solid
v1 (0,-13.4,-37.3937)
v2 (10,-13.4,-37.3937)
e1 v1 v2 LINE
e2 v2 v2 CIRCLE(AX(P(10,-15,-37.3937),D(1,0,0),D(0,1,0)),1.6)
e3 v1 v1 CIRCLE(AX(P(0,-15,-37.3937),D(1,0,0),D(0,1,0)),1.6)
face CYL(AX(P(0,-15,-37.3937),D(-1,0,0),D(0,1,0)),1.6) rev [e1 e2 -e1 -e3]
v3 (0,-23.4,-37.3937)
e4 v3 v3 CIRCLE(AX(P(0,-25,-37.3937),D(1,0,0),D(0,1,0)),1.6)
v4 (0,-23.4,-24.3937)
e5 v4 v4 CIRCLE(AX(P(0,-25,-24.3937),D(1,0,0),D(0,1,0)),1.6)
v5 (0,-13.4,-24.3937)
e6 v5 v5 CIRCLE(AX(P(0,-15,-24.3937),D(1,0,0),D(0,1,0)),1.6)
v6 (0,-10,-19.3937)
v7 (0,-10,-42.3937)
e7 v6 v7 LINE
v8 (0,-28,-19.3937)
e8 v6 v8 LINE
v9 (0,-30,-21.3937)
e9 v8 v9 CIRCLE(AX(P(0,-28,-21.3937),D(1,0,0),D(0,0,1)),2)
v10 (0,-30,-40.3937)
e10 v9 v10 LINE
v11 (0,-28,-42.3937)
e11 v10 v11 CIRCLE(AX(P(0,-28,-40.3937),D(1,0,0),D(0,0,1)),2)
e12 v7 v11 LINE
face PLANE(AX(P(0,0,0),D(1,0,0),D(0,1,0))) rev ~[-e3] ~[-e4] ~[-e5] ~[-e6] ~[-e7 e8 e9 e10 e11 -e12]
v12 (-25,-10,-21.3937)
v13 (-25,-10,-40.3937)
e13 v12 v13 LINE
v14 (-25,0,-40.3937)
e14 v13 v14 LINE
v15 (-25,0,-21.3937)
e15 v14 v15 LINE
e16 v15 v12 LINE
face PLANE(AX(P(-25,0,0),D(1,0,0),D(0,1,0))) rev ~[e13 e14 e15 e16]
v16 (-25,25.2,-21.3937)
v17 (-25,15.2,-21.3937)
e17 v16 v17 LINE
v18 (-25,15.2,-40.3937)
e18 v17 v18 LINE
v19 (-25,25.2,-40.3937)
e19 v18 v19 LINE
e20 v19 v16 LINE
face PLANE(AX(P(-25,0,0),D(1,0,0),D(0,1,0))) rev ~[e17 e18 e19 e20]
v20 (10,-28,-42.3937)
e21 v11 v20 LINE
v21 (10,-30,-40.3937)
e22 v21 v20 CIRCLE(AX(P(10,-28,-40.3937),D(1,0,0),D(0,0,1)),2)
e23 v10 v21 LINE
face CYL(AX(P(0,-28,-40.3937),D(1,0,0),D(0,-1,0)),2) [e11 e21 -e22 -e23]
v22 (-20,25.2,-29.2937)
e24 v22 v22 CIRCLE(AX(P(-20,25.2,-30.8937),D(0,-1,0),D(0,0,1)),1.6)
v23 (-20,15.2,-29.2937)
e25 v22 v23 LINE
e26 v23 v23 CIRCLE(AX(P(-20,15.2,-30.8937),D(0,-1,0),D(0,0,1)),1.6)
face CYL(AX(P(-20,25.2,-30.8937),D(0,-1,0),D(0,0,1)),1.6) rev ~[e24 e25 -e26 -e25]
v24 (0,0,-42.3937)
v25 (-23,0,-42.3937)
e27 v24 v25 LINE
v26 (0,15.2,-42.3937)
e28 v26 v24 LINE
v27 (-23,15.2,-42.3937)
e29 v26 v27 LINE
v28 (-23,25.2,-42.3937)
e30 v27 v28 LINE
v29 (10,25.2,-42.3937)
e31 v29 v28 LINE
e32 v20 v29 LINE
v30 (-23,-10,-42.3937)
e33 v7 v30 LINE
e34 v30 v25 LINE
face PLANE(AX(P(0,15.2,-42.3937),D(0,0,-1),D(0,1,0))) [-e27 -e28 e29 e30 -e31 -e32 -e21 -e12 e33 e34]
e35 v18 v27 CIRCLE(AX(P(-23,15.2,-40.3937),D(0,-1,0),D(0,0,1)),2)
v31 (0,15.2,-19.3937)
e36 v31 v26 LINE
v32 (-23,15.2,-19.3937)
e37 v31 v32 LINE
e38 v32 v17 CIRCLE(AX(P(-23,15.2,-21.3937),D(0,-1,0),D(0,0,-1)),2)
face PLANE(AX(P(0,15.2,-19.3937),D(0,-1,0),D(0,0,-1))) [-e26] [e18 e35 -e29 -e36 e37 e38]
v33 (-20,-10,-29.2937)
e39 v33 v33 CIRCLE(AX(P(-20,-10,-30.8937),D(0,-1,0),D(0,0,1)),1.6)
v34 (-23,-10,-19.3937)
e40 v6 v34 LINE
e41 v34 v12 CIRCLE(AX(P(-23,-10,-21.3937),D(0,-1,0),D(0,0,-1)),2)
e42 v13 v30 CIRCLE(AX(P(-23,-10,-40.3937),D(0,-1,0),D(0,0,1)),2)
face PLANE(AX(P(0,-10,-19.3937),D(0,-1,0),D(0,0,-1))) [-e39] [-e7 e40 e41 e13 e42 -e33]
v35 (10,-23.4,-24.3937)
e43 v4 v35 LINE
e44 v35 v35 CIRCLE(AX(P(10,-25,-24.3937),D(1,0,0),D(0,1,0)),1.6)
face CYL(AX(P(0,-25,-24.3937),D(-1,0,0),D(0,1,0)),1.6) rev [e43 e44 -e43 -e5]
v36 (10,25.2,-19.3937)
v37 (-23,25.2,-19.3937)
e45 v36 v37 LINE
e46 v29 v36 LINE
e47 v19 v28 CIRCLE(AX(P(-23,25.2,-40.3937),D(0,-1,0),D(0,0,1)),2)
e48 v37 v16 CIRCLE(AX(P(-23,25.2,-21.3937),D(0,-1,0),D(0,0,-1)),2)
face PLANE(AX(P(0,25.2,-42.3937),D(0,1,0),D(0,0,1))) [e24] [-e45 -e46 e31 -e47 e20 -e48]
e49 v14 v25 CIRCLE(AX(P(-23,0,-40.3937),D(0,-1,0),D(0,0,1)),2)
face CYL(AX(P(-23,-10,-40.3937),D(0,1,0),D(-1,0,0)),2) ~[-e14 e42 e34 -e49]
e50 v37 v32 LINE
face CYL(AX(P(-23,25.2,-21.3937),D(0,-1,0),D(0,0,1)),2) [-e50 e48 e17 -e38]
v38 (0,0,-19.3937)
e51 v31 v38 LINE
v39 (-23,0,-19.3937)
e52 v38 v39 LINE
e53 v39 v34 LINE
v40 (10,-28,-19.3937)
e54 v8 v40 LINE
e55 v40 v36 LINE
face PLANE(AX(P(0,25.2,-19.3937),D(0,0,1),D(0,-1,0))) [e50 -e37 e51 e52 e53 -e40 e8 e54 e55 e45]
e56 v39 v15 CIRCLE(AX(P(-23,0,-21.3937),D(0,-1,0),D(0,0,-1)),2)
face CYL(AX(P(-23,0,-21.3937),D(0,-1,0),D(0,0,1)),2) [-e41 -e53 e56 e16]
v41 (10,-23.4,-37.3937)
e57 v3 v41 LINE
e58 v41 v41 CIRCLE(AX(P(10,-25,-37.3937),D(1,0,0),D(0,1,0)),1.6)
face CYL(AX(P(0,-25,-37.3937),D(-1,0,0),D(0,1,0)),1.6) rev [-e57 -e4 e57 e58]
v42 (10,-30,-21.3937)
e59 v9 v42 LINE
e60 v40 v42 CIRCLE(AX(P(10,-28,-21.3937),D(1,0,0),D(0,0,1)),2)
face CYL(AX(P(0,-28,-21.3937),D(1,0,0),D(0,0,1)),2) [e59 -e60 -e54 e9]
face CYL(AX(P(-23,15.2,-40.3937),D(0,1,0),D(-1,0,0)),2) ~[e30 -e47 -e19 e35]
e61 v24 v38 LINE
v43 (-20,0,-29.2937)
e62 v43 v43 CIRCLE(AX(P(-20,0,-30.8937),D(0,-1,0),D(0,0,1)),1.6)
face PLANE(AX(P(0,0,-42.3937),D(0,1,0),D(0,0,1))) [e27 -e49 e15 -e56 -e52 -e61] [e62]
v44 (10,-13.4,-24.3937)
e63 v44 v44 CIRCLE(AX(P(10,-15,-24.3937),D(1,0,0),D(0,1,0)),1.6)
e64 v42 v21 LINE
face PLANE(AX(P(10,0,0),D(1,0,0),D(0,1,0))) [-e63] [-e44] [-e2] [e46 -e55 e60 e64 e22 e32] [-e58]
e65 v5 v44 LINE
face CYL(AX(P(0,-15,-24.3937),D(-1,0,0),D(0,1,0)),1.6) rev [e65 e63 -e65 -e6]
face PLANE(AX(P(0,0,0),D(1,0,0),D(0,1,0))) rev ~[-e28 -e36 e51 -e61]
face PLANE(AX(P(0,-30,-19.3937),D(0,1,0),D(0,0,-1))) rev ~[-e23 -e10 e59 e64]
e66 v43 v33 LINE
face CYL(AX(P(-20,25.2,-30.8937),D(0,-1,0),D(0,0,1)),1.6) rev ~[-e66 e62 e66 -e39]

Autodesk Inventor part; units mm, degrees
ref_plane "YZ Plane" through (0, 0, 0) normal (1, 0, 0) x (0, 1, 0)
ref_plane "XZ Plane" through (0, 0, 0) normal (0, 1, 0) x (-1, 0, 0)
ref_plane "XY Plane" through (0, 0, 0) normal (0, 0, 1) x (1, 0, 0)
sketch "スケッチ1" plane through (0, 0, 0) normal (1, 0, 0) x (0, 1, 0)
  line L0 (0, 0) -> (15.2, 0)
  line L1 (15.2, 0) -> (15.2, -62.0281)
  line L2 (15.2, -62.0281) -> (0, -62.0281)
  line L3 (0, -62.0281) -> (0, 0)
  circle A0 centre (-15, -24.3937) radius 1.6
  circle A1 centre (-25, -24.3937) radius 1.6
  circle A2 centre (-15, -37.3937) radius 1.6
  circle A3 centre (-25, -37.3937) radius 1.6
  line L4 (25.2, -19.3937) -> (-10, -19.3937)
  line L5 (-10, -19.3937) -> (-10, -42.3937)
  line L6 (-10, -42.3937) -> (25.2, -42.3937)
  line L7 (25.2, -42.3937) -> (25.2, -19.3937)
  line L8 (-10, -19.3937) -> (-30, -19.3937)
  line L9 (-30, -19.3937) -> (-30, -42.3937)
  line L10 (-30, -42.3937) -> (-10, -42.3937)
  line L11 (-10, -42.3937) -> (-10, -19.3937)
  point P0 (0, -42.3937)
  point P1 (0, -19.3937)
  point P2 (15.2, -19.3937)
  point P3 (15.2, -42.3937)
  point P4 (-10, -42.3937)
  dimension "d0" = 15.2
  dimension "d1" = 3.2
  dimension "d2" = 3.2
  dimension "d3" = 3.2
  dimension "d4" = 3.2
  dimension "d5" = 10
  dimension "d6" = 10
  dimension "d7" = 13
  dimension "d8" = 13
  dimension "d9" = 0
  dimension "d10" = 0
  dimension "d12" = 10
  dimension "d13" = 10
  dimension "d14" = 5
  dimension "d15" = 5
  dimension "d16" = 5
  dimension "d17" = 0
  dimension "d18" = 5
extrude "押し出し1" add sketch "スケッチ1" against normal blind 25 contours L3 L6 L5 L4 | L4 L7 L6 L1
extrude "押し出し2" add sketch "スケッチ1" along normal blind 10 contours L4 L1 L6 L3 | L3 L6 L5 L4 | L4 L7 L6 L1 | L5 L10 L9 L8
sketch "スケッチ2" plane through (-25, 25.2, -19.3937) normal (0, 1, 0) x (1, 0, 0)
  line L0 (25, 23) -> (0, 23) projected
  line L1 (5, 23) -> (5, 0)
  line L2 (25, 0) -> (0, 0) projected
  line L3 (0, 0) -> (0, 23) projected
  point P0 (25, -19.3937)
  point P1 (5, 11.5)
  dimension "d23" = 5
hole "穴1" at (-20, 25.2, -30.8937) direction (0, -1, 0) diameter 3.2 end through all
fillet "フィレット1" radius 2 6 edges at (-25, 20.2, -19.3937) (-25, -5, -19.3937) (-25, -5, -42.3937) (-25, 20.2, -42.3937) (5, -30, -19.3937) (5, -30, -42.3937)
equation "\"d6\" = d5"
equation "\"d8\" = d7"
properties part number "dribl-v1-3DP-cc-f-1" material "ABS プラスチック"
